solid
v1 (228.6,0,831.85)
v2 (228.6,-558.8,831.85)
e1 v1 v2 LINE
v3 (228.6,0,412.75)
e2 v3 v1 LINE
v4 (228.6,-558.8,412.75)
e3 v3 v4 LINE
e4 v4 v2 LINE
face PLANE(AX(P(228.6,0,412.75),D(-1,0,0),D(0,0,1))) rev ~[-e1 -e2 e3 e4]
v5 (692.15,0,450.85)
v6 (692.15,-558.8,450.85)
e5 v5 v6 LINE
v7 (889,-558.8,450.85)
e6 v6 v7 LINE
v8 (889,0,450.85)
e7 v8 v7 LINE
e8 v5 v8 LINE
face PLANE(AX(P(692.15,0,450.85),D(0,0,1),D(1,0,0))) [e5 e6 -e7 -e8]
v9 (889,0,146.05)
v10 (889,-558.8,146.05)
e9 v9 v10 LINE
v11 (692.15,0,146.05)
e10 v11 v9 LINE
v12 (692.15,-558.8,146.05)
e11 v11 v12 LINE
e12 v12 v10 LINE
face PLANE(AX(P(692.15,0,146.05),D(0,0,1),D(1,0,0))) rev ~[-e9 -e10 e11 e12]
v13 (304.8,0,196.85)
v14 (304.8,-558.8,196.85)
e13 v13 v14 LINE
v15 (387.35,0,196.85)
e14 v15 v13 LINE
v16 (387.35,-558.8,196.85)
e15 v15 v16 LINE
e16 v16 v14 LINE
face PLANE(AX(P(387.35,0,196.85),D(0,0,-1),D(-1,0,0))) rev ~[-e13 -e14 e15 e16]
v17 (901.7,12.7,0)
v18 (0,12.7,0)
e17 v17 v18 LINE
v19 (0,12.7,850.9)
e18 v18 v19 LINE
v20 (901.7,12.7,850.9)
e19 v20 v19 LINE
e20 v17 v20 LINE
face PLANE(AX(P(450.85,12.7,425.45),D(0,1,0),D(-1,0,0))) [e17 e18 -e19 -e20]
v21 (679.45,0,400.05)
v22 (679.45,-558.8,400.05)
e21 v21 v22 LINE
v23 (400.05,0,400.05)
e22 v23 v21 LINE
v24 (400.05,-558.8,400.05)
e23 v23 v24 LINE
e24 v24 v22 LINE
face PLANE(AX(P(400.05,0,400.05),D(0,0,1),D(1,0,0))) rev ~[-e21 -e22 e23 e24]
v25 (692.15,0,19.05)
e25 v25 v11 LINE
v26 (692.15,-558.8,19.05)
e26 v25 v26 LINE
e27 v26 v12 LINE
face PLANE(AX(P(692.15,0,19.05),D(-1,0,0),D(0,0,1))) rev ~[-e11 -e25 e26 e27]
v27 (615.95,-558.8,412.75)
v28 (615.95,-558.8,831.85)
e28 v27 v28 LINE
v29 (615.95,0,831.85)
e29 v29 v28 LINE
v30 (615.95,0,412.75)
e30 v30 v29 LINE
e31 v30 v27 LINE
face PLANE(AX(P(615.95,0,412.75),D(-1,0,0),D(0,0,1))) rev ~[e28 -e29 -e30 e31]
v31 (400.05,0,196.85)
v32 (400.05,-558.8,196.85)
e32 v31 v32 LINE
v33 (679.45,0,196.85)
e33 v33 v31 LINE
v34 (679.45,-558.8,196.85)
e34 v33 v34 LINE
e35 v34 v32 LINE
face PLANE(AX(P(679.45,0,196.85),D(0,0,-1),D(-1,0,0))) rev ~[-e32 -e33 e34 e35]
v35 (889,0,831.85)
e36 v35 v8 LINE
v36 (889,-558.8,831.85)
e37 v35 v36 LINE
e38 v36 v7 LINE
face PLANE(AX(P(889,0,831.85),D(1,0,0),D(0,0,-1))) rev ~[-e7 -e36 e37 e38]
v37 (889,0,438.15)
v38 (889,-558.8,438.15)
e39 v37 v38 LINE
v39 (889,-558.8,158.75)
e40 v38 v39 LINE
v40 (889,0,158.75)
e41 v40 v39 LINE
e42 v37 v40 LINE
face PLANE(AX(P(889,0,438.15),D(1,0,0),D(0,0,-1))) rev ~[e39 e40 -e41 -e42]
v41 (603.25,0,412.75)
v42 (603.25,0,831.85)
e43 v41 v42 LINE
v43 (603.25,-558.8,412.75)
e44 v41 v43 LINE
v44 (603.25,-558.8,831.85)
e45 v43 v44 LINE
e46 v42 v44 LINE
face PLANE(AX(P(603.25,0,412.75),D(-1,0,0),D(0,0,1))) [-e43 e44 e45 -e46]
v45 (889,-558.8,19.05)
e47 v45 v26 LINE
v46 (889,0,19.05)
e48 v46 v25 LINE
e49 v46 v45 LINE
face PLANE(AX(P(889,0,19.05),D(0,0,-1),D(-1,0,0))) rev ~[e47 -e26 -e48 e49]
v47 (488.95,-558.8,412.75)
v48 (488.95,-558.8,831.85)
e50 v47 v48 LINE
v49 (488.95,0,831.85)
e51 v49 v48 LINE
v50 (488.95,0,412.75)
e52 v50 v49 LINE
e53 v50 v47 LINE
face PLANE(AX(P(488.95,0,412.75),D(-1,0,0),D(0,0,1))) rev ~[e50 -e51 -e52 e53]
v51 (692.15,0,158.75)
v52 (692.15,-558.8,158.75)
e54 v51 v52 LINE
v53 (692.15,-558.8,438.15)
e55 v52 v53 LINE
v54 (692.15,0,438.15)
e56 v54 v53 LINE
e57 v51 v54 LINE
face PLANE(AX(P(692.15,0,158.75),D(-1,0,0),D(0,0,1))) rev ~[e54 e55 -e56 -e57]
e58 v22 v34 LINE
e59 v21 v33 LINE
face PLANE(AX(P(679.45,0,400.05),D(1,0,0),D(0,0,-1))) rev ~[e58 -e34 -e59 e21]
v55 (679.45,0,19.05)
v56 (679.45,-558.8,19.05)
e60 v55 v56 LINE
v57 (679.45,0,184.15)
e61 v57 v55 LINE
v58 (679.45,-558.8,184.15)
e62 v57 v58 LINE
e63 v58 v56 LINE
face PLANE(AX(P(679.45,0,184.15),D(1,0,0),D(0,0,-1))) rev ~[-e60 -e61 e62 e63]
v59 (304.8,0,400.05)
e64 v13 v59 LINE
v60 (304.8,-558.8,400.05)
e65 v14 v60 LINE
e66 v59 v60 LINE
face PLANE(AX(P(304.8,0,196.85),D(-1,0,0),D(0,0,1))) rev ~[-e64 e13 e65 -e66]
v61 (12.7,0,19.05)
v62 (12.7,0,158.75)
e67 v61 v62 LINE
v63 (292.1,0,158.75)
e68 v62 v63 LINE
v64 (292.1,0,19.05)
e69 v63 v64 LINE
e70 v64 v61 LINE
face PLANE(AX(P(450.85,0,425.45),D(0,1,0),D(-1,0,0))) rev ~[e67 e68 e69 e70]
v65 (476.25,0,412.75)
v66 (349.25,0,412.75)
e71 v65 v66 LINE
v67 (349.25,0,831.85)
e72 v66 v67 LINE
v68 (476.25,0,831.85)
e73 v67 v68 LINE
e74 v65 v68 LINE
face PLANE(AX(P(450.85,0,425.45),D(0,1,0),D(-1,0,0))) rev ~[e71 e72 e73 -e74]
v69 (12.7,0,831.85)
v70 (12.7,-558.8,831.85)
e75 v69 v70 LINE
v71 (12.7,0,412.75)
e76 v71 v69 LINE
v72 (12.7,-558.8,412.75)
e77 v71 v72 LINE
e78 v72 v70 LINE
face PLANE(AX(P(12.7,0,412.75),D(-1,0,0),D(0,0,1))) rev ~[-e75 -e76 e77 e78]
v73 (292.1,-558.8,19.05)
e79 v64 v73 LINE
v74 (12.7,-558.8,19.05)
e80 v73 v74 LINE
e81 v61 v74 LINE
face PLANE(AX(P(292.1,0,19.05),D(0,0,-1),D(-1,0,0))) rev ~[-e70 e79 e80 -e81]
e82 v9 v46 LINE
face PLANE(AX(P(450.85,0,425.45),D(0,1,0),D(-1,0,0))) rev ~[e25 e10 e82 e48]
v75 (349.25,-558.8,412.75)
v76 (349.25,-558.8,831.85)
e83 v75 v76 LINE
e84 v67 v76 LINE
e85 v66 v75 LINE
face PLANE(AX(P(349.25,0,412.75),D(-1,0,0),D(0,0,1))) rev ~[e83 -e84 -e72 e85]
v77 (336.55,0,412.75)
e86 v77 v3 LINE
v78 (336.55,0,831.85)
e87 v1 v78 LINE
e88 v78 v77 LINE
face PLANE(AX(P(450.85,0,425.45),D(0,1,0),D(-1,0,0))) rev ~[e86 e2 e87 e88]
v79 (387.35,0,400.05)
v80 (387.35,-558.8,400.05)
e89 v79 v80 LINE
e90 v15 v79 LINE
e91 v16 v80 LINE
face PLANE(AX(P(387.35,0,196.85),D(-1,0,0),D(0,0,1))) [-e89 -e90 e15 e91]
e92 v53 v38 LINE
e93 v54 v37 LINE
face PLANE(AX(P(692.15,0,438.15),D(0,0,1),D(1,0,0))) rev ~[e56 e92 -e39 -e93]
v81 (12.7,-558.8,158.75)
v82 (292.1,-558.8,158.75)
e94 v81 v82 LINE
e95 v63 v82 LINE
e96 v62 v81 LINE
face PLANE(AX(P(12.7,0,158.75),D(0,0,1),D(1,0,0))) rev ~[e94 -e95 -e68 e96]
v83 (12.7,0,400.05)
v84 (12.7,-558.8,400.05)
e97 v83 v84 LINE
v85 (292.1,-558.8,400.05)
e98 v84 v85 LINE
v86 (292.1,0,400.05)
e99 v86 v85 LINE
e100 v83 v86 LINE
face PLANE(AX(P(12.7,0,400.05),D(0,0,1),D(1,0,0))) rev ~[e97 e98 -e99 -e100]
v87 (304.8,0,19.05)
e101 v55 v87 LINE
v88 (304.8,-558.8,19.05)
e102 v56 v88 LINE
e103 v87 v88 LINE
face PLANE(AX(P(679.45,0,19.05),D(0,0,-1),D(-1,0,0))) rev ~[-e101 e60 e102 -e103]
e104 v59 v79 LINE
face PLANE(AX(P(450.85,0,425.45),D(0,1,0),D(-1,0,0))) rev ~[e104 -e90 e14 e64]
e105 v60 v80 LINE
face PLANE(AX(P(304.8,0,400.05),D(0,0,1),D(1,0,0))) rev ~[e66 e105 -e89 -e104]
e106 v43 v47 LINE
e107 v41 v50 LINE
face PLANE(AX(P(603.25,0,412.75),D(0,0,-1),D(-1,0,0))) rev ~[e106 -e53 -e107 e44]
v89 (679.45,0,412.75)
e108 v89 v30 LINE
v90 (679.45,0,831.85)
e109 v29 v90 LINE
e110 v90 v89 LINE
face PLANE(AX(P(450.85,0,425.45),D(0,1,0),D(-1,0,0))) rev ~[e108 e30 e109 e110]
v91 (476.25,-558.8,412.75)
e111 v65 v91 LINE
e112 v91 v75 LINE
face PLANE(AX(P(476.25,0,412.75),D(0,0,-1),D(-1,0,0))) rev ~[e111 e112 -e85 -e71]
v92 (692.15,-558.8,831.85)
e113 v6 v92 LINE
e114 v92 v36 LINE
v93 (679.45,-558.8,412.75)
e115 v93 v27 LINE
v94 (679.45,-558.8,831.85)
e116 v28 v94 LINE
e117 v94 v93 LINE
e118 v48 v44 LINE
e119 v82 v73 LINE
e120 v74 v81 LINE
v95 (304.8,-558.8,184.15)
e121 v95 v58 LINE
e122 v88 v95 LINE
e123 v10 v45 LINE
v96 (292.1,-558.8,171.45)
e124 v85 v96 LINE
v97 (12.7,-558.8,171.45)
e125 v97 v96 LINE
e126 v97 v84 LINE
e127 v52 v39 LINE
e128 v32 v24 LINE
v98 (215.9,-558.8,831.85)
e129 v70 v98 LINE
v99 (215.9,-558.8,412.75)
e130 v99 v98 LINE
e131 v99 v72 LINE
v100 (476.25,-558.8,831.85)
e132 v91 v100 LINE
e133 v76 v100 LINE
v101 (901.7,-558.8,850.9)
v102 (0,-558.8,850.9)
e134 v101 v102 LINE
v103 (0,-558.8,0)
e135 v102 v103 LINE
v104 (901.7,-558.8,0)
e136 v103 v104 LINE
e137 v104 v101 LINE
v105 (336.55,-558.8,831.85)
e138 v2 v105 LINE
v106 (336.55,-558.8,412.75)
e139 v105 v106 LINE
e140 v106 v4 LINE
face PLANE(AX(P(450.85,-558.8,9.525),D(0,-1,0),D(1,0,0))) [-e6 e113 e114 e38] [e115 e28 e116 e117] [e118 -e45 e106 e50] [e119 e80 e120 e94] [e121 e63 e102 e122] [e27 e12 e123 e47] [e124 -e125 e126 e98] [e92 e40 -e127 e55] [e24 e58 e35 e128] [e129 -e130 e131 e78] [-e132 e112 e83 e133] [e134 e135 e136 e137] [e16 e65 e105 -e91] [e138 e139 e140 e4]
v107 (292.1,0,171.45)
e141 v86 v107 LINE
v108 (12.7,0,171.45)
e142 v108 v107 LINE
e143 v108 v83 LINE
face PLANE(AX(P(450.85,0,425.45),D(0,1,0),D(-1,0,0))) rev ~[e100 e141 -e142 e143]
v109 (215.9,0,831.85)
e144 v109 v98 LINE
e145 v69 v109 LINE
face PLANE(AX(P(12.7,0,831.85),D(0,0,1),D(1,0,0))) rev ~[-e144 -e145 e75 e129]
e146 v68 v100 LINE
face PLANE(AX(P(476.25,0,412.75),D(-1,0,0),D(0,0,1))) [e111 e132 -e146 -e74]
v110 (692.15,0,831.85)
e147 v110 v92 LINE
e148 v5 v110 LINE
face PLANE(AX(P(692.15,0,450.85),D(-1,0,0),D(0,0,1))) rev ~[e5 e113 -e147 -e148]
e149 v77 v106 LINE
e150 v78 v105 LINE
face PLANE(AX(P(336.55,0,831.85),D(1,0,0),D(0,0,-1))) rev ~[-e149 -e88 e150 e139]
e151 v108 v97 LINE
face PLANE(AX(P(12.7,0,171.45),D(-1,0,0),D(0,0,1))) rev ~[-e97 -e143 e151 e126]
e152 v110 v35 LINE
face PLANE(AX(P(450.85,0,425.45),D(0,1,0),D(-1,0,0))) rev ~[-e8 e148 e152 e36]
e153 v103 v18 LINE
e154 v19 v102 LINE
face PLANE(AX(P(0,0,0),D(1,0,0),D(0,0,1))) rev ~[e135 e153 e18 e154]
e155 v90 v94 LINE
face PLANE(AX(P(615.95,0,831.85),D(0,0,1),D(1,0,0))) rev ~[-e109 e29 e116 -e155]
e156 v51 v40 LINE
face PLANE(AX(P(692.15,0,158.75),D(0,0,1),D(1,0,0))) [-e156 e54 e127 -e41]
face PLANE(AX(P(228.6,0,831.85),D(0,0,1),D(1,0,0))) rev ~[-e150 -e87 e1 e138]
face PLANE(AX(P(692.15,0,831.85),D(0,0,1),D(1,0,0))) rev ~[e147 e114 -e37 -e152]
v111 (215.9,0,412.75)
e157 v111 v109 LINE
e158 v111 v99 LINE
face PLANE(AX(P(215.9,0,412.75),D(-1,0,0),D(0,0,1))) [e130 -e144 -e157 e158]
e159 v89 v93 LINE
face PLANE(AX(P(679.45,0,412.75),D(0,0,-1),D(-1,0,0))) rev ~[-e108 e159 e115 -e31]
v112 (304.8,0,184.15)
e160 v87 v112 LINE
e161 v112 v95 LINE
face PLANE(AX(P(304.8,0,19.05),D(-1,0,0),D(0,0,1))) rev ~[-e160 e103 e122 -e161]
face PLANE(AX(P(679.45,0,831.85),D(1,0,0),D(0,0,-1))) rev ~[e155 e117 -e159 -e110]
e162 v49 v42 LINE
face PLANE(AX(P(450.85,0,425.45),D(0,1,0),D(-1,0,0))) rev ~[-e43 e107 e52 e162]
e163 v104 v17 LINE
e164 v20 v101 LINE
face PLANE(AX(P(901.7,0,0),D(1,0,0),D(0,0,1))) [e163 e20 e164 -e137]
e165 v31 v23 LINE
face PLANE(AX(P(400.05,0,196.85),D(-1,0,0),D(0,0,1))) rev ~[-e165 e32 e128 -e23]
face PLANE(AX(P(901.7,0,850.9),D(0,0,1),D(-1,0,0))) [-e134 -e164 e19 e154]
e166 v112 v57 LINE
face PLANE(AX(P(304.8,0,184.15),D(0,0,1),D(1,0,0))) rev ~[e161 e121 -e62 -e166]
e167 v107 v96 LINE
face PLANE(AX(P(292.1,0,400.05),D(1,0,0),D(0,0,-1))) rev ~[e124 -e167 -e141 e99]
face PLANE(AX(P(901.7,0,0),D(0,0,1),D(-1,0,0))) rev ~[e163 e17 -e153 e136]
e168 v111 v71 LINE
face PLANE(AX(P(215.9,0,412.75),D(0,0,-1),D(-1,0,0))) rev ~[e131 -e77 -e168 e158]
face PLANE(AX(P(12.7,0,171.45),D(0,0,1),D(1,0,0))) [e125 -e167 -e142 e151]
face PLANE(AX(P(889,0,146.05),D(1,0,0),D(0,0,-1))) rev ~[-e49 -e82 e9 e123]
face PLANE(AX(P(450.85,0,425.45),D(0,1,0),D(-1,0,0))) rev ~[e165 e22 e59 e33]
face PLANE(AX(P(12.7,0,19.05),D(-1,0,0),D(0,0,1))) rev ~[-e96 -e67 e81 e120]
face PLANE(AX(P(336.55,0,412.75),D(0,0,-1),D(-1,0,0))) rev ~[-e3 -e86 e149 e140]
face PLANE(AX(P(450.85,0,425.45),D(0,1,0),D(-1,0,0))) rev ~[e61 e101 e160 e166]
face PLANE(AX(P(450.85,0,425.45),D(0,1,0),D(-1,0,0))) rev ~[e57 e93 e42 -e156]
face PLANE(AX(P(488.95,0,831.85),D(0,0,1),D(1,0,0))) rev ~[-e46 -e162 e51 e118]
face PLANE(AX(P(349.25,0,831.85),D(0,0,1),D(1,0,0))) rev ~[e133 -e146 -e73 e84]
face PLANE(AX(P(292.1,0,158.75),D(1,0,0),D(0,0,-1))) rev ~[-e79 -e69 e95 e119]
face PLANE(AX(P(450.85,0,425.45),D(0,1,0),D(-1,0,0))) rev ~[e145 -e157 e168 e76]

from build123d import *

# Parameters (mm, degrees)
F0_W     = 12.7
F0_H     = 419.1
F0_W_2   = 196.85
F0_H_2   = 12.7
F0_H_3   = 203.2
F0_W_3   = 31.75
F0_W_4   = 279.4
F1_DEPTH = 558.8
F2_W     = 901.7
F2_H     = 850.9
F3_DEPTH = 12.7


with BuildPart() as f1:
    # F0 (on Front) → F1 (new body)
    with BuildSketch(Plane.XZ):
        Polygon((0, 19.05), (0, 0), (901.7, 0), (901.7, 19.05), (889, 19.05), (692.15, 19.05), (679.45, 19.05), (304.8, 19.05), (292.1, 19.05), (12.7, 19.05), align=None)
        Polygon((0, 831.85), (0, 19.05), (12.7, 19.05), (12.7, 158.75), (12.7, 171.45), (12.7, 400.05), (12.7, 412.75), (12.7, 831.85), align=None)
        Polygon((889, 19.05), (901.7, 19.05), (901.7, 831.85), (889, 831.85), (889, 450.85), (889, 438.15), (889, 158.75), (889, 146.05), align=None)
        Polygon((0, 850.9), (0, 831.85), (12.7, 831.85), (215.9, 831.85), (228.6, 831.85), (336.55, 831.85), (349.25, 831.85), (476.25, 831.85), (488.95, 831.85), (603.25, 831.85), (615.95, 831.85), (679.45, 831.85), (692.15, 831.85), (889, 831.85), (901.7, 831.85), (901.7, 850.9), align=None)
        with Locations((222.25, 622.3)):
            Rectangle(F0_W, F0_H)
        with Locations((342.9, 622.3)):
            Rectangle(F0_W, F0_H)
        with Locations((482.6, 622.3)):
            Rectangle(F0_W, F0_H)
        with Locations((609.6, 622.3)):
            Rectangle(F0_W, F0_H)
        Polygon((679.45, 19.05), (692.15, 19.05), (692.15, 146.05), (692.15, 158.75), (692.15, 438.15), (692.15, 450.85), (692.15, 831.85), (679.45, 831.85), (679.45, 412.75), (679.45, 400.05), (679.45, 196.85), (679.45, 184.15), align=None)
        with Locations((790.575, 444.5)):
            Rectangle(F0_W_2, F0_H_2)
        with Locations((790.575, 152.4)):
            Rectangle(F0_W_2, F0_H_2)
        Polygon((304.8, 196.85), (304.8, 184.15), (679.45, 184.15), (679.45, 196.85), (400.05, 196.85), (387.35, 196.85), align=None)
        Polygon((679.45, 400.05), (679.45, 412.75), (615.95, 412.75), (603.25, 412.75), (488.95, 412.75), (476.25, 412.75), (349.25, 412.75), (336.55, 412.75), (336.55, 400.05), (387.35, 400.05), (400.05, 400.05), align=None)
        with Locations((393.7, 298.45)):
            Rectangle(F0_W, F0_H_3)
        with Locations((320.675, 406.4)):
            Rectangle(F0_W_3, F0_H_2)
        Polygon((215.9, 412.75), (12.7, 412.75), (12.7, 400.05), (292.1, 400.05), (304.8, 400.05), (304.8, 412.75), (228.6, 412.75), align=None)
        Polygon((292.1, 158.75), (292.1, 19.05), (304.8, 19.05), (304.8, 184.15), (304.8, 196.85), (304.8, 400.05), (292.1, 400.05), (292.1, 171.45), align=None)
        with Locations((152.4, 165.1)):
            Rectangle(F0_W_4, F0_H_2)
    extrude(amount=F1_DEPTH)

    # F2 (on face) → F3 (join)
    with BuildSketch(Plane(origin=(0, 0, 0), x_dir=(-1, 0, 0), z_dir=(0, 1, 0))):
        with Locations((-450.85, 425.45)):
            Rectangle(F2_W, F2_H)
    extrude(amount=F3_DEPTH)


solid = f1.part
